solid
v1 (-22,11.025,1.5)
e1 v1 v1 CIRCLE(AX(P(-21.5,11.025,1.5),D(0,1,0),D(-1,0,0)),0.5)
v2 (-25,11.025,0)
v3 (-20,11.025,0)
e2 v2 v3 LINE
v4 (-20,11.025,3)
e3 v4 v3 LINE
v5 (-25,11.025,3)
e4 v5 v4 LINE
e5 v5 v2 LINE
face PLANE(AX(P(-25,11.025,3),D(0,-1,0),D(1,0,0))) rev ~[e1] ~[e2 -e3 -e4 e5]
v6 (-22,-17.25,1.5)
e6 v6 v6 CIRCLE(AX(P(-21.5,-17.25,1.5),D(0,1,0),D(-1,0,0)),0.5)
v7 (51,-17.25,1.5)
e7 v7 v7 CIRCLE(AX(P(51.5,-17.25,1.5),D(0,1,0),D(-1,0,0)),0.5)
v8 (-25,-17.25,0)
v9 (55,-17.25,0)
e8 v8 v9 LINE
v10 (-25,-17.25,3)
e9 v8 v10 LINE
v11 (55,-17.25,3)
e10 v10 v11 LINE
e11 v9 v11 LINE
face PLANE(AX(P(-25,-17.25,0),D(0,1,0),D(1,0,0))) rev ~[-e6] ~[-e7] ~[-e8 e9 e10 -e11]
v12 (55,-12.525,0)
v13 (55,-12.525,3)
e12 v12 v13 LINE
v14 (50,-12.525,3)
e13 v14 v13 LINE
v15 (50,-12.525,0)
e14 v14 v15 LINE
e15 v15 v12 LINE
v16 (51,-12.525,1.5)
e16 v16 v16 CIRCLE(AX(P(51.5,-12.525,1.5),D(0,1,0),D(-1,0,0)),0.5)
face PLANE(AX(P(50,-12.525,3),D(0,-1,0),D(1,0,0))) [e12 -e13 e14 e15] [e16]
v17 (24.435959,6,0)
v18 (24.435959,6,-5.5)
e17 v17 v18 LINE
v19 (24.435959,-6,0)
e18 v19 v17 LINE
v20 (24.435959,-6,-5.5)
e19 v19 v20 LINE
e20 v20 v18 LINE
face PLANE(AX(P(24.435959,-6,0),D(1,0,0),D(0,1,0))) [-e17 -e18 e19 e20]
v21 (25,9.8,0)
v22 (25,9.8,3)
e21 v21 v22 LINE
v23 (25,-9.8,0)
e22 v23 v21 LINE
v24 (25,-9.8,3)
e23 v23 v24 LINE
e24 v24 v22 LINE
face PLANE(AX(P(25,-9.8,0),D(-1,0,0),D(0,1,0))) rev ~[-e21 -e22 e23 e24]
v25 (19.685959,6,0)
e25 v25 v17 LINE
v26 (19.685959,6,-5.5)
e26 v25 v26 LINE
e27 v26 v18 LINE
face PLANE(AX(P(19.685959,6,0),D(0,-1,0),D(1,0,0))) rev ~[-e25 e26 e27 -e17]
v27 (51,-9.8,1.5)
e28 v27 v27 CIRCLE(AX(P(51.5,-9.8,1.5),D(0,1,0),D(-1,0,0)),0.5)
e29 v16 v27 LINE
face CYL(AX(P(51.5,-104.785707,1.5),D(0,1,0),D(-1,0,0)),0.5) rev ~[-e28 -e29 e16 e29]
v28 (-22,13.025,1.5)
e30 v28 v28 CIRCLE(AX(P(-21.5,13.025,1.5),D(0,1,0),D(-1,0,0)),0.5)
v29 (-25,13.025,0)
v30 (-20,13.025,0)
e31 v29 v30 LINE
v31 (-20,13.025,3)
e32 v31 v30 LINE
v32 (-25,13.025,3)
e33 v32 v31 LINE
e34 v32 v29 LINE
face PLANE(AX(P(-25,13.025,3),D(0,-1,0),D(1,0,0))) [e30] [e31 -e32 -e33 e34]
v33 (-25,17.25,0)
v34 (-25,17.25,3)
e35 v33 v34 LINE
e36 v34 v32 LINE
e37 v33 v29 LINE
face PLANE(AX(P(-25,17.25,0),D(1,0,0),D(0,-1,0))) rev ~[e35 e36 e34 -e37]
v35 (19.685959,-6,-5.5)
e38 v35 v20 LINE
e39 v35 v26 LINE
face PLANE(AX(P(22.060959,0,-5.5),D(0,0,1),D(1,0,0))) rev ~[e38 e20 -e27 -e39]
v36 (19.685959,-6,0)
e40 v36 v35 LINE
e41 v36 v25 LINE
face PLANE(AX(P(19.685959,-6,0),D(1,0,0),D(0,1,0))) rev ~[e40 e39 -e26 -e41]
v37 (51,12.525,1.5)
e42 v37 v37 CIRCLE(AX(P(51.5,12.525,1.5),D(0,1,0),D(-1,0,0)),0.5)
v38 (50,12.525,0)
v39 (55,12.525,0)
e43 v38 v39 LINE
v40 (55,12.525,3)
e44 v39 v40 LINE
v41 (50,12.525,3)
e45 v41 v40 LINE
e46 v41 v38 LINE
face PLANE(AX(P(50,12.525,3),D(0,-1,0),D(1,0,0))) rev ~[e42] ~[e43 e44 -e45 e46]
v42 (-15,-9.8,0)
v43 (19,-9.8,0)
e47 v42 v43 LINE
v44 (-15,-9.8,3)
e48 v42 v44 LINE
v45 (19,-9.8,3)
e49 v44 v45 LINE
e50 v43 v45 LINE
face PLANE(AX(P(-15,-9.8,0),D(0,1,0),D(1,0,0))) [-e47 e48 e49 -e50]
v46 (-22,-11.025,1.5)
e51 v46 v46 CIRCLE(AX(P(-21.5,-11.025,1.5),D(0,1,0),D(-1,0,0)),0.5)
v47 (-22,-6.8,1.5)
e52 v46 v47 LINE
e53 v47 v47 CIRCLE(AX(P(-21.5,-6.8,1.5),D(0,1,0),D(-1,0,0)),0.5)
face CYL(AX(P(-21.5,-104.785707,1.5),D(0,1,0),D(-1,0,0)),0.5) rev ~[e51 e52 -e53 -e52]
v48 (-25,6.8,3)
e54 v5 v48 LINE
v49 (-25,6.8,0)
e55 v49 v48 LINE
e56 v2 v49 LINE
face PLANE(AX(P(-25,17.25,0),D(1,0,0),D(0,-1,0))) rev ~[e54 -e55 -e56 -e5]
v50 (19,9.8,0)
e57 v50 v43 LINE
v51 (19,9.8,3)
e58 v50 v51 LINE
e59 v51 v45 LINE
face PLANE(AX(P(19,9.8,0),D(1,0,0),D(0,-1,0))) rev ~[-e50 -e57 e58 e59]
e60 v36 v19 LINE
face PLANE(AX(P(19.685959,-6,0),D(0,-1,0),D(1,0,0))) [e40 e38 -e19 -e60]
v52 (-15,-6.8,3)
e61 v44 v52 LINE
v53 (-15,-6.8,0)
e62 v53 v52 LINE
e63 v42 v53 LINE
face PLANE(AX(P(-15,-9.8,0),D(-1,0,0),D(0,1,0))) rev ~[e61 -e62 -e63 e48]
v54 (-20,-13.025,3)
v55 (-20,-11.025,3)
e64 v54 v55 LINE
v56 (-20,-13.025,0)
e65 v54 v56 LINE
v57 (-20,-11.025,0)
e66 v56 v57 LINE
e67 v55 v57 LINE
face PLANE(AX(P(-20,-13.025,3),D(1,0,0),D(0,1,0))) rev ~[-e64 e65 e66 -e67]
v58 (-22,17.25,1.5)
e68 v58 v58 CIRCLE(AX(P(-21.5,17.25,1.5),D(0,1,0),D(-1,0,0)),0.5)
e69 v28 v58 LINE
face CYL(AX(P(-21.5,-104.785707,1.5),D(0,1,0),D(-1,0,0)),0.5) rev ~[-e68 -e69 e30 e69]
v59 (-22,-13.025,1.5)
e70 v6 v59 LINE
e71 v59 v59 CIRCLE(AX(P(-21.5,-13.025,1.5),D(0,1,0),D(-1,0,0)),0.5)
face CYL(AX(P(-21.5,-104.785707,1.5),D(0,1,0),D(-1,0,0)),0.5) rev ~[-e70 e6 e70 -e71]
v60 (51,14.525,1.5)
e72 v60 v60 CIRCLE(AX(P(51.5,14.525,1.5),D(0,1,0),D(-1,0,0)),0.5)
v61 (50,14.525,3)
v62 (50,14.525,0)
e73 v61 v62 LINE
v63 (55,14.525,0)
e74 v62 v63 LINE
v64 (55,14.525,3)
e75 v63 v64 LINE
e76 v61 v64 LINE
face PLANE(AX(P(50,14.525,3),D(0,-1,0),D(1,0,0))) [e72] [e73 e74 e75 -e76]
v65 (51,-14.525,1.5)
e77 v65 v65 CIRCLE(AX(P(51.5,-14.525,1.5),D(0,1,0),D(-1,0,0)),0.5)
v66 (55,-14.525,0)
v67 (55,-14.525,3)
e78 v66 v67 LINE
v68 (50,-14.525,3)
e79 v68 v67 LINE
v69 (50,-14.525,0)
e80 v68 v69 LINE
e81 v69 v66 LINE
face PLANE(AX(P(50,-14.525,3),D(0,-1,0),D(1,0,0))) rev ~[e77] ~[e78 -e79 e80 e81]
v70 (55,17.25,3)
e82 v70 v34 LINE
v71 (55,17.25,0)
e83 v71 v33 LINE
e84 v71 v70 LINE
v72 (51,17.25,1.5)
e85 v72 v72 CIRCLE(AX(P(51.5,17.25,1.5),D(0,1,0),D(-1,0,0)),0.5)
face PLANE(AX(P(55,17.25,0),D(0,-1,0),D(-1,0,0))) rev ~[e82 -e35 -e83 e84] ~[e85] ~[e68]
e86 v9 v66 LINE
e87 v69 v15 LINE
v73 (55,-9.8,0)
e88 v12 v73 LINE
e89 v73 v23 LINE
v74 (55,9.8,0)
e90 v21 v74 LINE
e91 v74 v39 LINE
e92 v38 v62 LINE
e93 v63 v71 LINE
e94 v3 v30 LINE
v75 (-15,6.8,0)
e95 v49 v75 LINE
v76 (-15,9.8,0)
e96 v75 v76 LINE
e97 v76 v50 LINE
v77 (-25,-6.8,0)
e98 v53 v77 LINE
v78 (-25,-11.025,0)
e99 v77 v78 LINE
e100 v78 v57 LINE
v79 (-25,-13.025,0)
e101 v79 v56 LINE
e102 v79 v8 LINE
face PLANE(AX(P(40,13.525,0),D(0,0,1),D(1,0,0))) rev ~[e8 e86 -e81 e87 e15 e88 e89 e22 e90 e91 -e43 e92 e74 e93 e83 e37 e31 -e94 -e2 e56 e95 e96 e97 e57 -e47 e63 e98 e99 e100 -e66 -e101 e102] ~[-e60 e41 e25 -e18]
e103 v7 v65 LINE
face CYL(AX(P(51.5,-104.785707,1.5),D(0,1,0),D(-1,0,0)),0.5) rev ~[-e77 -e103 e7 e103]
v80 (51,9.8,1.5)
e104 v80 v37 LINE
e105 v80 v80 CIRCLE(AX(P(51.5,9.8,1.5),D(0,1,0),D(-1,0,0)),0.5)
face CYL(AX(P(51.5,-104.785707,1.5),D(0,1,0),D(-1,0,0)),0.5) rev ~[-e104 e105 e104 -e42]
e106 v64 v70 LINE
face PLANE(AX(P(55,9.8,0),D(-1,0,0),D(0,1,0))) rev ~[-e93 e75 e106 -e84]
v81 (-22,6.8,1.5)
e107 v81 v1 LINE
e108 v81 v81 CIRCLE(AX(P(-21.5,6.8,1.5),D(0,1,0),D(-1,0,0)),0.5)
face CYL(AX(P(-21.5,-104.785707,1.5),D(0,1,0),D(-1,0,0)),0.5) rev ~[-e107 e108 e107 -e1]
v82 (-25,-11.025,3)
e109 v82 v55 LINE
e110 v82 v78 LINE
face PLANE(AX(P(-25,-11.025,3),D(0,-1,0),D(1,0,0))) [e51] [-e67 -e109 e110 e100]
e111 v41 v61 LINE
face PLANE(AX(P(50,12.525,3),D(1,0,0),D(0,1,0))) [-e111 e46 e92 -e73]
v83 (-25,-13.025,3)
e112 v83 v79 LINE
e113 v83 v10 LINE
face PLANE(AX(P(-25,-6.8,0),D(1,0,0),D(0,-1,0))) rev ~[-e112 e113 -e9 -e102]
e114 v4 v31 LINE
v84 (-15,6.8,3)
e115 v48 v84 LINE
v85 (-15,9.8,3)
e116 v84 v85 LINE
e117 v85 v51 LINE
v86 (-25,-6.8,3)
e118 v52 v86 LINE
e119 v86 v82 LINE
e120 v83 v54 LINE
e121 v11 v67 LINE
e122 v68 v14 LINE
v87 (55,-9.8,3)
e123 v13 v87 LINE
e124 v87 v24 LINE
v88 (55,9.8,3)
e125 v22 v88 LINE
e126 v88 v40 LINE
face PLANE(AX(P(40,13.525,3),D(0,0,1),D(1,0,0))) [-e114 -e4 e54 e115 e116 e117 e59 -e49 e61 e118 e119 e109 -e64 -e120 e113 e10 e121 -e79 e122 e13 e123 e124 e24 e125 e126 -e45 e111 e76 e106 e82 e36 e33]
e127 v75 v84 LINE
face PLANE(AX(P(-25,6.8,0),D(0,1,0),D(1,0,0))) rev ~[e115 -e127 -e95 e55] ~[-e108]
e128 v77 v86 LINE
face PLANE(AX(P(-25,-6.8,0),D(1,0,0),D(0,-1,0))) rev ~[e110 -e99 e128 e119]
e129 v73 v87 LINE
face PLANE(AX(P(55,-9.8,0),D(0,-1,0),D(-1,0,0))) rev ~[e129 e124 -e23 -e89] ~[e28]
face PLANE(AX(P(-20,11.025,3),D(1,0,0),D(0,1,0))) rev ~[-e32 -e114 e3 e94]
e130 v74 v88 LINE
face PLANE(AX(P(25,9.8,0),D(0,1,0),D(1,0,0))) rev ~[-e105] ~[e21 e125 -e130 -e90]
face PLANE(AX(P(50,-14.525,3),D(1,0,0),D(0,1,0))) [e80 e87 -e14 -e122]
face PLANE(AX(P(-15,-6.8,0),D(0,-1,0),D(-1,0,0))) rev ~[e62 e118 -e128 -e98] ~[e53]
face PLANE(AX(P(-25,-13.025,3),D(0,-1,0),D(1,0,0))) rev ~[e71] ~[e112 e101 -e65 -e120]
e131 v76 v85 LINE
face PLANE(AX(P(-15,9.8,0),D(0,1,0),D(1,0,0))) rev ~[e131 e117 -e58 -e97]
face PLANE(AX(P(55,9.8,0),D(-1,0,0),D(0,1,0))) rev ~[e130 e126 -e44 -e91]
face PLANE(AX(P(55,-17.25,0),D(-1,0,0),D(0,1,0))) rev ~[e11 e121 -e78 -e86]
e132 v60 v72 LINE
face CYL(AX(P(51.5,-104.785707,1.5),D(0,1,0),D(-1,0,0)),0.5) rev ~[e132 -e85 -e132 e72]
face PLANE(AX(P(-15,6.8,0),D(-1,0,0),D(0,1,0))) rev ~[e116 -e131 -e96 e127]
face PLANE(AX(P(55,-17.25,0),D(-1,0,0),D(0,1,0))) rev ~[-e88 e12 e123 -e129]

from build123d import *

# Parameters (mm, degrees)
F0_W     = 30
F0_H     = 7.45
F0_W_2   = 6
F0_W_3   = 4.75
F0_H_2   = 12
F0_W_4   = 0.6859594434
F0_W_5   = 0.5640405566
F0_W_6   = 34
F1_DEPTH = 3
F2_DEPTH = 5.5
F3_W     = 5
F3_H     = 2
F4_DEPTH = 25
F6_D     = 1
F7_W     = 10
F7_H     = 2
F8_DEPTH = 25


with BuildPart() as f1:
    # F0 (on Top) → F1 (new body)
    with BuildSketch(Plane.XY):
        with Locations((40, 13.525)):
            Rectangle(F0_W, F0_H)
        with Locations((40, -13.525)):
            Rectangle(F0_W, F0_H)
        with Locations((22, -13.525)):
            Rectangle(F0_W_2, F0_H)
        Polygon((19.6859594434, -6), (19, -6), (19, -9.8), (25, -9.8), (25, -6), (24.4359594434, -6), align=None)
        with Locations((22.0609594434, 0)):
            Rectangle(F0_W_3, F0_H_2)
        with Locations((19.3429797217, 0)):
            Rectangle(F0_W_4, F0_H_2)
        with Locations((24.7179797217, 0)):
            Rectangle(F0_W_5, F0_H_2)
        Polygon((25, 9.8), (19, 9.8), (19, 6), (19.6859594434, 6), (24.4359594434, 6), (25, 6), align=None)
        with Locations((22, 13.525)):
            Rectangle(F0_W_2, F0_H)
        with Locations((2, 13.525)):
            Rectangle(F0_W_6, F0_H)
        with Locations((2, -13.525)):
            Rectangle(F0_W_6, F0_H)
        Polygon((-15, -6.8), (-25, -6.8), (-25, -17.25), (-15, -17.25), (-15, -9.8), align=None)
        Polygon((-15, 17.25), (-25, 17.25), (-25, 6.8), (-15, 6.8), (-15, 9.8), align=None)
    extrude(amount=F1_DEPTH)

    # F0 (on Top) → F2 (join)
    with BuildSketch(Plane.XY):
        with Locations((22.0609594434, 0)):
            Rectangle(F0_W_3, F0_H_2)
    extrude(amount=-F2_DEPTH)

    # F3 (on face) → F4 (cut)
    with BuildSketch(Plane.XY.offset(3)):
        with Locations((-22.5, 12.025)):
            Rectangle(F3_W, F3_H)
        with Locations((-22.5, -12.025)):
            Rectangle(F3_W, F3_H)
    extrude(amount=-F4_DEPTH, mode=Mode.SUBTRACT)

    # F6 (through all)
    with Locations(Plane.XZ.offset(17.25)):
        with Locations((-21.5, 1.5), (51.5, 1.5)):
            Hole(F6_D / 2)

    # F7 (on face) → F8 (cut)
    with BuildSketch(Plane.XY.offset(3)):
        with Locations((55, -13.525)):
            Rectangle(F7_W, F7_H)
        with Locations((55, 13.525)):
            Rectangle(F7_W, F7_H)
    extrude(amount=-F8_DEPTH, mode=Mode.SUBTRACT)


solid = f1.part
